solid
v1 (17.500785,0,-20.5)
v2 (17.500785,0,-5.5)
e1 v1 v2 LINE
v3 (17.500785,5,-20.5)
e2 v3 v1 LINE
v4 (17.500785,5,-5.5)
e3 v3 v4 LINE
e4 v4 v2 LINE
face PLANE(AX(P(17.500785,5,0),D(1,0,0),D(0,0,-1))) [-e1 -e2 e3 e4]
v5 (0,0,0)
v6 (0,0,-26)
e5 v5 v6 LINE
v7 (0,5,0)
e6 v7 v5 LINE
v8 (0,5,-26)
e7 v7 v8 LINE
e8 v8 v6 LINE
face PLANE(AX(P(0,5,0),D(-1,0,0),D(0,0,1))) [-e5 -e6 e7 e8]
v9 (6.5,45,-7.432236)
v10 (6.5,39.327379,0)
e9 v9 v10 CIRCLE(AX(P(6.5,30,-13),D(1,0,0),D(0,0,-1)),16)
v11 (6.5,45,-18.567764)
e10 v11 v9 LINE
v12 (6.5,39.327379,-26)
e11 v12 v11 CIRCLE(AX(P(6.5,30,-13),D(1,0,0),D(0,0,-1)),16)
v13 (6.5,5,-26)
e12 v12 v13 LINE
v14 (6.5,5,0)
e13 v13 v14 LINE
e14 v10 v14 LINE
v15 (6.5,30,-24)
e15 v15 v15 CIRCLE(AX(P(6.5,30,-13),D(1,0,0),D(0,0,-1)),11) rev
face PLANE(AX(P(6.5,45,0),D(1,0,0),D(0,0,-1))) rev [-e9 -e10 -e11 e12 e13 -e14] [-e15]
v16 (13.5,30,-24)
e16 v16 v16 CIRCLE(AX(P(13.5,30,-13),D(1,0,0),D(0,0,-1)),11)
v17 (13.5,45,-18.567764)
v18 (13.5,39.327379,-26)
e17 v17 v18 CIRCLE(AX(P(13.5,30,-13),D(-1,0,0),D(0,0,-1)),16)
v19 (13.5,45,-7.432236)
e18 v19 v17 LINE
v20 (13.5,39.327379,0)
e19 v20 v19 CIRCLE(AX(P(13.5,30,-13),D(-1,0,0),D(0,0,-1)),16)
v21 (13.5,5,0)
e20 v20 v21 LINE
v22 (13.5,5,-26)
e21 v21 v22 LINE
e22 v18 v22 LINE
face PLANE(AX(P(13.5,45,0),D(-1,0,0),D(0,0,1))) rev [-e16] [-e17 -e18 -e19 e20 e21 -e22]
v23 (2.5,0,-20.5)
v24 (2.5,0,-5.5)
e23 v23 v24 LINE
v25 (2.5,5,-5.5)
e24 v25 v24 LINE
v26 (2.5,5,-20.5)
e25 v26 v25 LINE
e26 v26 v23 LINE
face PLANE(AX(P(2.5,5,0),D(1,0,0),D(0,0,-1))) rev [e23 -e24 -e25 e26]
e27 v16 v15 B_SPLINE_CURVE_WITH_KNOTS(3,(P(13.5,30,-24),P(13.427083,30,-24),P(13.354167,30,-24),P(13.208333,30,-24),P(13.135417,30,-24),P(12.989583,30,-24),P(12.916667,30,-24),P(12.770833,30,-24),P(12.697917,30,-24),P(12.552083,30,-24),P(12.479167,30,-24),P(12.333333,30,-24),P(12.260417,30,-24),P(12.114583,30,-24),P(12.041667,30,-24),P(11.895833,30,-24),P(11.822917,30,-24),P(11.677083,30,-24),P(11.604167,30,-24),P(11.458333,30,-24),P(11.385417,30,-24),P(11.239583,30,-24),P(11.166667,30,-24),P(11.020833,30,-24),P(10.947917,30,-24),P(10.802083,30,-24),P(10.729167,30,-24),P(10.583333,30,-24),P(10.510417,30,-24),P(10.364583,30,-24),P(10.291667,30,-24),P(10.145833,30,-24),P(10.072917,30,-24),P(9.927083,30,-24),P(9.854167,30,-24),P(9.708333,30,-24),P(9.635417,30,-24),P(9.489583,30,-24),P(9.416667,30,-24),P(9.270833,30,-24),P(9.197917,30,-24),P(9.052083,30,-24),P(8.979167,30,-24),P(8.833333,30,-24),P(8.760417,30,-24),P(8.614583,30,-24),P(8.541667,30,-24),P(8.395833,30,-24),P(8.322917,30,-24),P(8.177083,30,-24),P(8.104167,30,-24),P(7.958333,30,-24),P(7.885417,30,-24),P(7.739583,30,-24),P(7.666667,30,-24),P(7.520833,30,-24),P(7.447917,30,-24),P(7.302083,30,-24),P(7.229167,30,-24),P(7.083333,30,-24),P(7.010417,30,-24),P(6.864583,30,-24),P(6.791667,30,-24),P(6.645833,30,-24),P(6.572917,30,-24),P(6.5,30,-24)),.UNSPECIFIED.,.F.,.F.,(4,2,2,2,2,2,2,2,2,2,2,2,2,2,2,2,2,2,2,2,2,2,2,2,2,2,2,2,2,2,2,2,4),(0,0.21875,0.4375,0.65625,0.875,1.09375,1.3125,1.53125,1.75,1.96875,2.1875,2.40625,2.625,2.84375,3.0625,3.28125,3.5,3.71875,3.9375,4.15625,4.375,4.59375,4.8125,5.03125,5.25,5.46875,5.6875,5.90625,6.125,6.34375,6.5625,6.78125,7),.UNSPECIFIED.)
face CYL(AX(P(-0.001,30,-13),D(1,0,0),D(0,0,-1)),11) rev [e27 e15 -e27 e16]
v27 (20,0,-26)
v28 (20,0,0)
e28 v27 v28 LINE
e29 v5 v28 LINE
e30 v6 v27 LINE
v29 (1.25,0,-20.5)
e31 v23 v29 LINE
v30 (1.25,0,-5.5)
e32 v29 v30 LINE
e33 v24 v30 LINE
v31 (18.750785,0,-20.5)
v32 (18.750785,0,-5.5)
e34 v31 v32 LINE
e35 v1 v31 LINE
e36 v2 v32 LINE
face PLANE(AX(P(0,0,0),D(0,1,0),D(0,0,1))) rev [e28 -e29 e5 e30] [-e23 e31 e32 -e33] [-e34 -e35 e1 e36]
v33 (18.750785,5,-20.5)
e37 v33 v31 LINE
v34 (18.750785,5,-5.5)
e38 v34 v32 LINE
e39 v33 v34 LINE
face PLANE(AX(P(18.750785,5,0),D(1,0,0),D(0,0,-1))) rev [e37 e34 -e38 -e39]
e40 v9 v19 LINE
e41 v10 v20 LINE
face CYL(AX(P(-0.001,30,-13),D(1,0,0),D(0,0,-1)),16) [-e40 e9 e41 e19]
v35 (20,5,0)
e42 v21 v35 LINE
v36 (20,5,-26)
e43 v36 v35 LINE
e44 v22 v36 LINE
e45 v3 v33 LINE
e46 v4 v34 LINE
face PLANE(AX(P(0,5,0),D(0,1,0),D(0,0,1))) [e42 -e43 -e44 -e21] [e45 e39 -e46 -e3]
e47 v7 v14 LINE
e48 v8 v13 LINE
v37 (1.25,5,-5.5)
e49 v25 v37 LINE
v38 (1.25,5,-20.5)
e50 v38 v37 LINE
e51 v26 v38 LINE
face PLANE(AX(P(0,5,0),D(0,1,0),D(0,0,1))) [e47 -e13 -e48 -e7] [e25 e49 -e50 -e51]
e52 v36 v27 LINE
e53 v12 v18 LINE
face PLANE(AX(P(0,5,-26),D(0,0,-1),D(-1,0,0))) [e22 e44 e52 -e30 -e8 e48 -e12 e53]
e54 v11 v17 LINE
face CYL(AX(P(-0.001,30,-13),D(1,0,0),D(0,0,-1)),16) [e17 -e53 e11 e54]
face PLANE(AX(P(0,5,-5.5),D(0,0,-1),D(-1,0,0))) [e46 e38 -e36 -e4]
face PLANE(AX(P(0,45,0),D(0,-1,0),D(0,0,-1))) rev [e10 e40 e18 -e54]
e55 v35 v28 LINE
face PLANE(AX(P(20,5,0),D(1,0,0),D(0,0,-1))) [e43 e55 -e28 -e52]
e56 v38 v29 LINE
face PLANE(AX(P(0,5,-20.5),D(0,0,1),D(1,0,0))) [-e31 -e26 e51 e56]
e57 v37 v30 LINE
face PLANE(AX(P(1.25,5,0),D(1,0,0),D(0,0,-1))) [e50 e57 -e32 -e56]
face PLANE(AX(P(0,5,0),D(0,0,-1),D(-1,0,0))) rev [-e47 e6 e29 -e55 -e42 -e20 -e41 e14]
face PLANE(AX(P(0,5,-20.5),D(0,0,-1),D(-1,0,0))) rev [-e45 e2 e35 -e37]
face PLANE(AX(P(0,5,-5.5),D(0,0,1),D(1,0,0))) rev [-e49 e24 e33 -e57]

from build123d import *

# Parameters (mm, degrees)
SKETCH1_W           = 20
SKETCH1_H           = 26
SKETCH1_W_2         = 1.25
SKETCH1_H_2         = 15
BOSS_EXTRUDE5_DEPTH = 5
SKETCH3_W           = 7
SKETCH3_H           = 26
BOSS_EXTRUDE6_DEPTH = 40
CUT_EXTRUDE1_REACH  = 55.696
SKETCH5_R           = 11


with BuildPart() as part:
    # Sketch1 → Boss-Extrude5 (new body)
    with BuildSketch(Plane(origin=(0, 0, 0), x_dir=(1, 0, 0), z_dir=(0, 1, 0))):
        with Locations((10, 13)):
            Rectangle(SKETCH1_W, SKETCH1_H)
        with Locations((1.875, 13)):
            Rectangle(SKETCH1_W_2, SKETCH1_H_2, mode=Mode.SUBTRACT)
        with Locations((18.125784532, 13)):
            Rectangle(SKETCH1_W_2, SKETCH1_H_2, mode=Mode.SUBTRACT)
    extrude(amount=BOSS_EXTRUDE5_DEPTH)

    # Sketch3 → Boss-Extrude6 (add)
    with BuildSketch(Plane(origin=(0, 5, 0), x_dir=(1, 0, 0), z_dir=(0, 1, 0))):
        with Locations((10, 13)):
            Rectangle(SKETCH3_W, SKETCH3_H)
    extrude(amount=BOSS_EXTRUDE6_DEPTH)

    # Sketch5 → Cut-Extrude1 (cut, up to next)
    with BuildSketch(Plane(origin=(13.5, 0, 0), x_dir=(0, 0, -1), z_dir=(1, 0, 0)), mode=Mode.PRIVATE) as cut_extrude1_sk1:
        with Locations((13, 30)):
            Circle(SKETCH5_R)
    cut_extrude1_tool1 = extrude(cut_extrude1_sk1.sketch, amount=-CUT_EXTRUDE1_REACH, mode=Mode.PRIVATE) & part.part
    # Sketch5 → Cut-Extrude1 (cut, up to next)
    with BuildSketch(Plane(origin=(13.5, 0, 0), x_dir=(0, 0, -1), z_dir=(1, 0, 0)), mode=Mode.PRIVATE) as cut_extrude1_sk2:
        with BuildLine():
            Line((7.432235637, 45), (0, 45))
            Line((0, 45), (0, 39.327379053))
            ThreePointArc((0, 39.327379053), (3.292522189, 42.718682107), (7.432235637, 45))
        make_face()
    cut_extrude1_tool2 = extrude(cut_extrude1_sk2.sketch, amount=-CUT_EXTRUDE1_REACH, mode=Mode.PRIVATE) & part.part
    # Sketch5 → Cut-Extrude1 (cut, up to next)
    with BuildSketch(Plane(origin=(13.5, 0, 0), x_dir=(0, 0, -1), z_dir=(1, 0, 0)), mode=Mode.PRIVATE) as cut_extrude1_sk3:
        with BuildLine():
            Line((26, 39.327379053), (26, 45))
            Line((26, 45), (18.567764363, 45))
            ThreePointArc((18.567764363, 45), (22.707477811, 42.718682107), (26, 39.327379053))
        make_face()
    cut_extrude1_tool3 = extrude(cut_extrude1_sk3.sketch, amount=-CUT_EXTRUDE1_REACH, mode=Mode.PRIVATE) & part.part
    add(cut_extrude1_tool1.solids().sort_by_distance((13.5, 30, -13))[0], mode=Mode.SUBTRACT)
    add(cut_extrude1_tool2.solids().sort_by_distance((13.5, 43.298273, -2.197768))[0], mode=Mode.SUBTRACT)
    add(cut_extrude1_tool3.solids().sort_by_distance((13.5, 43.298273, -23.802232))[0], mode=Mode.SUBTRACT)


solid = part.part
